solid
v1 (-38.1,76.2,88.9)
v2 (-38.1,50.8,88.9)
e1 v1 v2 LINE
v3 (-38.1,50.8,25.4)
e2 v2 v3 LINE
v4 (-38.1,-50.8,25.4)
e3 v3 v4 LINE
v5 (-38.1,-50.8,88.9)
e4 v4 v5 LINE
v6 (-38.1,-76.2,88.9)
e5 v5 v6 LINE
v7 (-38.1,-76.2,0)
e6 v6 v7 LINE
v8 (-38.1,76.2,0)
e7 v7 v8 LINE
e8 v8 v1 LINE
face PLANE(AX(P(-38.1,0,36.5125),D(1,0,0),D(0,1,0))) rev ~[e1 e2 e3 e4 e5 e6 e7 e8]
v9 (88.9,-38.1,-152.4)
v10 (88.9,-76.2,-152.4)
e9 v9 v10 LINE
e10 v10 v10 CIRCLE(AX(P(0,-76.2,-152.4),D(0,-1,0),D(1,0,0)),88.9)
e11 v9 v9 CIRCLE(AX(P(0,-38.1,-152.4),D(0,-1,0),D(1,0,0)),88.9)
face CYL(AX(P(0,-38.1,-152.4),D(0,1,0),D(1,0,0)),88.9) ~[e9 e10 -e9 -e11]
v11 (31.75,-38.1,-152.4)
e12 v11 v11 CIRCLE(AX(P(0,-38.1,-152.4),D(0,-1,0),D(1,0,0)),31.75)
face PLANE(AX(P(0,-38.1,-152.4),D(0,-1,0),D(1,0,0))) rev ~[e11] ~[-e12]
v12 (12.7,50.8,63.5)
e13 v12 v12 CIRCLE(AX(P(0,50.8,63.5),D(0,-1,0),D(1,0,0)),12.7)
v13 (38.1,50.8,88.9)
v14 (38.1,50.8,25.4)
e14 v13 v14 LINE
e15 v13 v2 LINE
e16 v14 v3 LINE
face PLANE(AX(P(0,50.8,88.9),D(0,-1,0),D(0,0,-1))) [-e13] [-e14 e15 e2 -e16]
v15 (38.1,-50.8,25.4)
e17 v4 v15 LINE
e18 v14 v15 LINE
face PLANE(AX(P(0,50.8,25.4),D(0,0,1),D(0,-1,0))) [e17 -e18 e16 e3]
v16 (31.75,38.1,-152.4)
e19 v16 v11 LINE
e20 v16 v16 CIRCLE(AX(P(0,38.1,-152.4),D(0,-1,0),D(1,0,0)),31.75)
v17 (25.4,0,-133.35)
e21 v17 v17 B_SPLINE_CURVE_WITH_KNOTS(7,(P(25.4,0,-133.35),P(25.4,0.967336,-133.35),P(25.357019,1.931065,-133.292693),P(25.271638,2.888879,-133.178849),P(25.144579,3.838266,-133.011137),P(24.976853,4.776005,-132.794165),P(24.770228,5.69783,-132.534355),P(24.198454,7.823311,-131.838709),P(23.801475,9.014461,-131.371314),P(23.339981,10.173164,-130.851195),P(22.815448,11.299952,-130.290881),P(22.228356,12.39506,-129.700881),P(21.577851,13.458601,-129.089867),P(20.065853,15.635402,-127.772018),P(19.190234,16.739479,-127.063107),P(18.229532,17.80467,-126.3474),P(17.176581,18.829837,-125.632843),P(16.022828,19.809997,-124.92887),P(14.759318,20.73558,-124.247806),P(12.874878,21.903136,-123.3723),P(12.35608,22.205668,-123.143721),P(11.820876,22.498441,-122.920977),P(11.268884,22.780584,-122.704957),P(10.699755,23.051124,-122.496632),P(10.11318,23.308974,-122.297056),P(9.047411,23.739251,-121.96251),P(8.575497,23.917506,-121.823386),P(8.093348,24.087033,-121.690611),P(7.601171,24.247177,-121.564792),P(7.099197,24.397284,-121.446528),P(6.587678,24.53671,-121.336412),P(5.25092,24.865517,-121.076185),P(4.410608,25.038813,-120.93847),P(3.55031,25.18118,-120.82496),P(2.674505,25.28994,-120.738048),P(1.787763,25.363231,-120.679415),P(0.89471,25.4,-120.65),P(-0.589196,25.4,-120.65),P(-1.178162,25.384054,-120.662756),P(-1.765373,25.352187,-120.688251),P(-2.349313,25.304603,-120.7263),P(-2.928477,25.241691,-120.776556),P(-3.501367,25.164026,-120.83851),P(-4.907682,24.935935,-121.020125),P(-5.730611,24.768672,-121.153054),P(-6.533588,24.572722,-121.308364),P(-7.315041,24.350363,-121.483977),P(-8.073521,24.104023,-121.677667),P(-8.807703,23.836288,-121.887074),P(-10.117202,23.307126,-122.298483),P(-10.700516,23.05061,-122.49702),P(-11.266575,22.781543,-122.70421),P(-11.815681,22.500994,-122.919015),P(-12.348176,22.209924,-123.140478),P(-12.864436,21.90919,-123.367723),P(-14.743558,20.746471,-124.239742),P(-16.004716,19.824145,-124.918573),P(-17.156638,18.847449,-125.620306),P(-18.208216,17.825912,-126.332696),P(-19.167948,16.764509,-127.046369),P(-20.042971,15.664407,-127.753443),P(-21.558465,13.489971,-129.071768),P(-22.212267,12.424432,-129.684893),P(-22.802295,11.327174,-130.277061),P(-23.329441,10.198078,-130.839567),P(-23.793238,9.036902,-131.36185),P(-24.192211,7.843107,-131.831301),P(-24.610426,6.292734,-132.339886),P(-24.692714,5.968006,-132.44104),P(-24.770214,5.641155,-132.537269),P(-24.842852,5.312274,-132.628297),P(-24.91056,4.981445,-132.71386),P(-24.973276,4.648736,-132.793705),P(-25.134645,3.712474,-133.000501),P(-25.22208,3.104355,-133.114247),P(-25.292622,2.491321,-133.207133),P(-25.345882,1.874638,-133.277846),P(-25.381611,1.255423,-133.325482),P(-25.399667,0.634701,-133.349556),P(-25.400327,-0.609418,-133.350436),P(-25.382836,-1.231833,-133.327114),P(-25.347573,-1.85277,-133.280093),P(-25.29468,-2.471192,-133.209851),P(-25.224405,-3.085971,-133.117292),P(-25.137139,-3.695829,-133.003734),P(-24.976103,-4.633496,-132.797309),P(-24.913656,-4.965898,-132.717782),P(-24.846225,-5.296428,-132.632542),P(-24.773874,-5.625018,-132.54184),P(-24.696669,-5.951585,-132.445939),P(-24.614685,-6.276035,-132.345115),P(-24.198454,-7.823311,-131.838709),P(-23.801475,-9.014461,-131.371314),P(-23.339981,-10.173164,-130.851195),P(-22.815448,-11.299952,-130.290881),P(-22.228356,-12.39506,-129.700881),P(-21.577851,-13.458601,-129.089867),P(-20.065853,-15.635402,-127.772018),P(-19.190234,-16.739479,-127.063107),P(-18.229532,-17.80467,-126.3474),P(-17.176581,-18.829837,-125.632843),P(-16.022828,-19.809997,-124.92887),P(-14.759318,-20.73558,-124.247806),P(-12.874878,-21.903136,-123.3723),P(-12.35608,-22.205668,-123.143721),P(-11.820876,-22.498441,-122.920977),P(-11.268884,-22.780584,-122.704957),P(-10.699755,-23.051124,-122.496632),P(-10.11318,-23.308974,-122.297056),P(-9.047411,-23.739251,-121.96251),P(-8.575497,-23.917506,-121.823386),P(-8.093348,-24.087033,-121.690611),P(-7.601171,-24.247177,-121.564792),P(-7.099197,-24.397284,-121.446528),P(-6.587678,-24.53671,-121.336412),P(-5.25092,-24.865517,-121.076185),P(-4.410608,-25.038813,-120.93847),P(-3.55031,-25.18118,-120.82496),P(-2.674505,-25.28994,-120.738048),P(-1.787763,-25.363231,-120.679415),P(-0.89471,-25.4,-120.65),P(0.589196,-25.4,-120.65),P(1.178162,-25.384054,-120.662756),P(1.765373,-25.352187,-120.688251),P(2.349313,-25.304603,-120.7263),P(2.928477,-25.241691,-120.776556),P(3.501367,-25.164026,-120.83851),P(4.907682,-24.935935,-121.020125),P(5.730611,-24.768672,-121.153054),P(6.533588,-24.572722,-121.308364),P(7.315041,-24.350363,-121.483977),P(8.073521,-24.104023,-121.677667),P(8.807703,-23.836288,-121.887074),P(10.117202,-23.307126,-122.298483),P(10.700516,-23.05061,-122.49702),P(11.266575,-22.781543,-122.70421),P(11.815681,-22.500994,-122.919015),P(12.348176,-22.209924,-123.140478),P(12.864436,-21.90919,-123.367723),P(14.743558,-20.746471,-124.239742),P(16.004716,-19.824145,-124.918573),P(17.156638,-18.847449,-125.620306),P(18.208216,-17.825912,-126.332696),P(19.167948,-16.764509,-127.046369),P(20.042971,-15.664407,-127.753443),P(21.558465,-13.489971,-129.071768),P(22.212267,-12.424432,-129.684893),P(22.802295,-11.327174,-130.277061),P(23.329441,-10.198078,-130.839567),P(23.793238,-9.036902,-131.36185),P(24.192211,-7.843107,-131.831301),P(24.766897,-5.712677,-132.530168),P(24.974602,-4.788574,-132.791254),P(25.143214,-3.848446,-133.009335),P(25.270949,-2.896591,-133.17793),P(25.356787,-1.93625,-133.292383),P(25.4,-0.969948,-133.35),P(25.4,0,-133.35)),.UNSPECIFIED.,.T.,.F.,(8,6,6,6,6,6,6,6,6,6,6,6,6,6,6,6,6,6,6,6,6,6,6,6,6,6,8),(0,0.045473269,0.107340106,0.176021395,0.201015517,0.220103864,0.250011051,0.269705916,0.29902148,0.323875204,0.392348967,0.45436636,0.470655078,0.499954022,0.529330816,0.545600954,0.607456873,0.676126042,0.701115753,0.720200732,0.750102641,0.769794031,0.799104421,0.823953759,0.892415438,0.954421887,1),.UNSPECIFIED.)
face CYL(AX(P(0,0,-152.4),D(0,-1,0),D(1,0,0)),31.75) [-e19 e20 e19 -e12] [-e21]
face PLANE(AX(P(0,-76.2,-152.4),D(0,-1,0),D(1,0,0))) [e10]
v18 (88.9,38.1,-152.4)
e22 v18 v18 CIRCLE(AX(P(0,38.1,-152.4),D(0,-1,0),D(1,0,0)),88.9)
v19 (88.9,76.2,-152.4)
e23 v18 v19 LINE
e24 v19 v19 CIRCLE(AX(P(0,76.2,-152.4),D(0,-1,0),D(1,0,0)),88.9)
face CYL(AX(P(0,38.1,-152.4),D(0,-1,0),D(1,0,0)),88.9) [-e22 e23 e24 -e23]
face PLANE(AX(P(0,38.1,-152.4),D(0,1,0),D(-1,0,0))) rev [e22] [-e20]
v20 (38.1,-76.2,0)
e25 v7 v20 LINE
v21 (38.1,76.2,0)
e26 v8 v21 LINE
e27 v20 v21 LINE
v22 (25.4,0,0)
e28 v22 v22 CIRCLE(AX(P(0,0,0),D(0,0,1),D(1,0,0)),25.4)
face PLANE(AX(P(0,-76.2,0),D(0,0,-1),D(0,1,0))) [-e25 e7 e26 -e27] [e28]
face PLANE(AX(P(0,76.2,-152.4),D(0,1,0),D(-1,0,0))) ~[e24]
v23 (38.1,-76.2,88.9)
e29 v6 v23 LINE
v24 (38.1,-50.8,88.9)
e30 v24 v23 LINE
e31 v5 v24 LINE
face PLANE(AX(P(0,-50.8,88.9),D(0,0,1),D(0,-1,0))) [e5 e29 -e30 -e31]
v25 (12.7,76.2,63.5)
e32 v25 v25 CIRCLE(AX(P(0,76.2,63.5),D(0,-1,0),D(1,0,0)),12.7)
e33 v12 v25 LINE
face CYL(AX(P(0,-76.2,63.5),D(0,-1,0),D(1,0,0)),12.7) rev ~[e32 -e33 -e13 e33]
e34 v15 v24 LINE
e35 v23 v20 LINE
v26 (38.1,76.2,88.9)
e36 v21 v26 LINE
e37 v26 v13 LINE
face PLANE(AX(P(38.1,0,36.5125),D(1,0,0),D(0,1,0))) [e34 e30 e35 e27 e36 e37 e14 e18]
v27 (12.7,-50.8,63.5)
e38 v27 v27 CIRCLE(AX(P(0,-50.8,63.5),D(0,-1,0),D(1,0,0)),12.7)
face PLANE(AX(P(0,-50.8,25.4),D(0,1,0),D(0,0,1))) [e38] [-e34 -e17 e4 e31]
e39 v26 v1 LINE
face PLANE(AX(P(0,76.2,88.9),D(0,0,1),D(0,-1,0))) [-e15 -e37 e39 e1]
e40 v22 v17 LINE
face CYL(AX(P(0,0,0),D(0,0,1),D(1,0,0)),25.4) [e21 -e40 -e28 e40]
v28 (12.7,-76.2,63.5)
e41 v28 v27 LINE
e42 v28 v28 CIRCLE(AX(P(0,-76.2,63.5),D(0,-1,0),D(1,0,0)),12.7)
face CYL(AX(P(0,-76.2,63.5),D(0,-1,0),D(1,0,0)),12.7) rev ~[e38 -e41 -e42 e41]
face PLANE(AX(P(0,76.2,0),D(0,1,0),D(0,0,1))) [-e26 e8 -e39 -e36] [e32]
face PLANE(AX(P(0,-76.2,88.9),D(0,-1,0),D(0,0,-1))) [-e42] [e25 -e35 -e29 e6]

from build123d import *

# Parameters (mm, degrees)
F0_R      = 25.4
F1_DEPTH  = 152.4
F3_DEPTH  = 38.1
F4_R      = 31.75
F5_DEPTH  = 38.1
F6_R      = 88.9
F7_DEPTH  = 38.1
F9_R      = 12.7
F10_DEPTH = 152.401


with BuildPart() as f1:
    # F0 (on Top) → F1 (new body)
    with BuildSketch(Plane.XY):
        Circle(F0_R)
    extrude(amount=-F1_DEPTH)

    # F2 (on Right) → F3 (join, symmetric)
    with BuildSketch(Plane.YZ):
        Polygon((50.8, 25.4), (0, 25.4), (-50.8, 25.4), (-50.8, 88.9), (-76.2, 88.9), (-76.2, 0), (0, 0), (76.2, 0), (76.2, 88.9), (50.8, 88.9), align=None)
    extrude(amount=F3_DEPTH, both=True)

    # F4 (on Front) → F5 (join, symmetric)
    with BuildSketch(Plane.XZ):
        with Locations((0, -152.4)):
            Circle(F4_R)
    extrude(amount=F5_DEPTH, both=True)

    # F6 (on face) → F7 (join)
    with BuildSketch(Plane.XZ.offset(38.1)):
        with Locations((0, -152.4)):
            Circle(F6_R)
    extrude(amount=F7_DEPTH)

    # F8: F1 across plane


with BuildPart() as f1_1:
    add(f1.part)
    add(f1.part.mirror(Plane.XZ))

    # F9 (on face) → F10 (cut, through all)
    with BuildSketch(Plane.XZ.offset(76.2)):
        with Locations((0, 63.5)):
            Circle(F9_R)
    extrude(amount=-F10_DEPTH, mode=Mode.SUBTRACT)


solid = f1_1.part
